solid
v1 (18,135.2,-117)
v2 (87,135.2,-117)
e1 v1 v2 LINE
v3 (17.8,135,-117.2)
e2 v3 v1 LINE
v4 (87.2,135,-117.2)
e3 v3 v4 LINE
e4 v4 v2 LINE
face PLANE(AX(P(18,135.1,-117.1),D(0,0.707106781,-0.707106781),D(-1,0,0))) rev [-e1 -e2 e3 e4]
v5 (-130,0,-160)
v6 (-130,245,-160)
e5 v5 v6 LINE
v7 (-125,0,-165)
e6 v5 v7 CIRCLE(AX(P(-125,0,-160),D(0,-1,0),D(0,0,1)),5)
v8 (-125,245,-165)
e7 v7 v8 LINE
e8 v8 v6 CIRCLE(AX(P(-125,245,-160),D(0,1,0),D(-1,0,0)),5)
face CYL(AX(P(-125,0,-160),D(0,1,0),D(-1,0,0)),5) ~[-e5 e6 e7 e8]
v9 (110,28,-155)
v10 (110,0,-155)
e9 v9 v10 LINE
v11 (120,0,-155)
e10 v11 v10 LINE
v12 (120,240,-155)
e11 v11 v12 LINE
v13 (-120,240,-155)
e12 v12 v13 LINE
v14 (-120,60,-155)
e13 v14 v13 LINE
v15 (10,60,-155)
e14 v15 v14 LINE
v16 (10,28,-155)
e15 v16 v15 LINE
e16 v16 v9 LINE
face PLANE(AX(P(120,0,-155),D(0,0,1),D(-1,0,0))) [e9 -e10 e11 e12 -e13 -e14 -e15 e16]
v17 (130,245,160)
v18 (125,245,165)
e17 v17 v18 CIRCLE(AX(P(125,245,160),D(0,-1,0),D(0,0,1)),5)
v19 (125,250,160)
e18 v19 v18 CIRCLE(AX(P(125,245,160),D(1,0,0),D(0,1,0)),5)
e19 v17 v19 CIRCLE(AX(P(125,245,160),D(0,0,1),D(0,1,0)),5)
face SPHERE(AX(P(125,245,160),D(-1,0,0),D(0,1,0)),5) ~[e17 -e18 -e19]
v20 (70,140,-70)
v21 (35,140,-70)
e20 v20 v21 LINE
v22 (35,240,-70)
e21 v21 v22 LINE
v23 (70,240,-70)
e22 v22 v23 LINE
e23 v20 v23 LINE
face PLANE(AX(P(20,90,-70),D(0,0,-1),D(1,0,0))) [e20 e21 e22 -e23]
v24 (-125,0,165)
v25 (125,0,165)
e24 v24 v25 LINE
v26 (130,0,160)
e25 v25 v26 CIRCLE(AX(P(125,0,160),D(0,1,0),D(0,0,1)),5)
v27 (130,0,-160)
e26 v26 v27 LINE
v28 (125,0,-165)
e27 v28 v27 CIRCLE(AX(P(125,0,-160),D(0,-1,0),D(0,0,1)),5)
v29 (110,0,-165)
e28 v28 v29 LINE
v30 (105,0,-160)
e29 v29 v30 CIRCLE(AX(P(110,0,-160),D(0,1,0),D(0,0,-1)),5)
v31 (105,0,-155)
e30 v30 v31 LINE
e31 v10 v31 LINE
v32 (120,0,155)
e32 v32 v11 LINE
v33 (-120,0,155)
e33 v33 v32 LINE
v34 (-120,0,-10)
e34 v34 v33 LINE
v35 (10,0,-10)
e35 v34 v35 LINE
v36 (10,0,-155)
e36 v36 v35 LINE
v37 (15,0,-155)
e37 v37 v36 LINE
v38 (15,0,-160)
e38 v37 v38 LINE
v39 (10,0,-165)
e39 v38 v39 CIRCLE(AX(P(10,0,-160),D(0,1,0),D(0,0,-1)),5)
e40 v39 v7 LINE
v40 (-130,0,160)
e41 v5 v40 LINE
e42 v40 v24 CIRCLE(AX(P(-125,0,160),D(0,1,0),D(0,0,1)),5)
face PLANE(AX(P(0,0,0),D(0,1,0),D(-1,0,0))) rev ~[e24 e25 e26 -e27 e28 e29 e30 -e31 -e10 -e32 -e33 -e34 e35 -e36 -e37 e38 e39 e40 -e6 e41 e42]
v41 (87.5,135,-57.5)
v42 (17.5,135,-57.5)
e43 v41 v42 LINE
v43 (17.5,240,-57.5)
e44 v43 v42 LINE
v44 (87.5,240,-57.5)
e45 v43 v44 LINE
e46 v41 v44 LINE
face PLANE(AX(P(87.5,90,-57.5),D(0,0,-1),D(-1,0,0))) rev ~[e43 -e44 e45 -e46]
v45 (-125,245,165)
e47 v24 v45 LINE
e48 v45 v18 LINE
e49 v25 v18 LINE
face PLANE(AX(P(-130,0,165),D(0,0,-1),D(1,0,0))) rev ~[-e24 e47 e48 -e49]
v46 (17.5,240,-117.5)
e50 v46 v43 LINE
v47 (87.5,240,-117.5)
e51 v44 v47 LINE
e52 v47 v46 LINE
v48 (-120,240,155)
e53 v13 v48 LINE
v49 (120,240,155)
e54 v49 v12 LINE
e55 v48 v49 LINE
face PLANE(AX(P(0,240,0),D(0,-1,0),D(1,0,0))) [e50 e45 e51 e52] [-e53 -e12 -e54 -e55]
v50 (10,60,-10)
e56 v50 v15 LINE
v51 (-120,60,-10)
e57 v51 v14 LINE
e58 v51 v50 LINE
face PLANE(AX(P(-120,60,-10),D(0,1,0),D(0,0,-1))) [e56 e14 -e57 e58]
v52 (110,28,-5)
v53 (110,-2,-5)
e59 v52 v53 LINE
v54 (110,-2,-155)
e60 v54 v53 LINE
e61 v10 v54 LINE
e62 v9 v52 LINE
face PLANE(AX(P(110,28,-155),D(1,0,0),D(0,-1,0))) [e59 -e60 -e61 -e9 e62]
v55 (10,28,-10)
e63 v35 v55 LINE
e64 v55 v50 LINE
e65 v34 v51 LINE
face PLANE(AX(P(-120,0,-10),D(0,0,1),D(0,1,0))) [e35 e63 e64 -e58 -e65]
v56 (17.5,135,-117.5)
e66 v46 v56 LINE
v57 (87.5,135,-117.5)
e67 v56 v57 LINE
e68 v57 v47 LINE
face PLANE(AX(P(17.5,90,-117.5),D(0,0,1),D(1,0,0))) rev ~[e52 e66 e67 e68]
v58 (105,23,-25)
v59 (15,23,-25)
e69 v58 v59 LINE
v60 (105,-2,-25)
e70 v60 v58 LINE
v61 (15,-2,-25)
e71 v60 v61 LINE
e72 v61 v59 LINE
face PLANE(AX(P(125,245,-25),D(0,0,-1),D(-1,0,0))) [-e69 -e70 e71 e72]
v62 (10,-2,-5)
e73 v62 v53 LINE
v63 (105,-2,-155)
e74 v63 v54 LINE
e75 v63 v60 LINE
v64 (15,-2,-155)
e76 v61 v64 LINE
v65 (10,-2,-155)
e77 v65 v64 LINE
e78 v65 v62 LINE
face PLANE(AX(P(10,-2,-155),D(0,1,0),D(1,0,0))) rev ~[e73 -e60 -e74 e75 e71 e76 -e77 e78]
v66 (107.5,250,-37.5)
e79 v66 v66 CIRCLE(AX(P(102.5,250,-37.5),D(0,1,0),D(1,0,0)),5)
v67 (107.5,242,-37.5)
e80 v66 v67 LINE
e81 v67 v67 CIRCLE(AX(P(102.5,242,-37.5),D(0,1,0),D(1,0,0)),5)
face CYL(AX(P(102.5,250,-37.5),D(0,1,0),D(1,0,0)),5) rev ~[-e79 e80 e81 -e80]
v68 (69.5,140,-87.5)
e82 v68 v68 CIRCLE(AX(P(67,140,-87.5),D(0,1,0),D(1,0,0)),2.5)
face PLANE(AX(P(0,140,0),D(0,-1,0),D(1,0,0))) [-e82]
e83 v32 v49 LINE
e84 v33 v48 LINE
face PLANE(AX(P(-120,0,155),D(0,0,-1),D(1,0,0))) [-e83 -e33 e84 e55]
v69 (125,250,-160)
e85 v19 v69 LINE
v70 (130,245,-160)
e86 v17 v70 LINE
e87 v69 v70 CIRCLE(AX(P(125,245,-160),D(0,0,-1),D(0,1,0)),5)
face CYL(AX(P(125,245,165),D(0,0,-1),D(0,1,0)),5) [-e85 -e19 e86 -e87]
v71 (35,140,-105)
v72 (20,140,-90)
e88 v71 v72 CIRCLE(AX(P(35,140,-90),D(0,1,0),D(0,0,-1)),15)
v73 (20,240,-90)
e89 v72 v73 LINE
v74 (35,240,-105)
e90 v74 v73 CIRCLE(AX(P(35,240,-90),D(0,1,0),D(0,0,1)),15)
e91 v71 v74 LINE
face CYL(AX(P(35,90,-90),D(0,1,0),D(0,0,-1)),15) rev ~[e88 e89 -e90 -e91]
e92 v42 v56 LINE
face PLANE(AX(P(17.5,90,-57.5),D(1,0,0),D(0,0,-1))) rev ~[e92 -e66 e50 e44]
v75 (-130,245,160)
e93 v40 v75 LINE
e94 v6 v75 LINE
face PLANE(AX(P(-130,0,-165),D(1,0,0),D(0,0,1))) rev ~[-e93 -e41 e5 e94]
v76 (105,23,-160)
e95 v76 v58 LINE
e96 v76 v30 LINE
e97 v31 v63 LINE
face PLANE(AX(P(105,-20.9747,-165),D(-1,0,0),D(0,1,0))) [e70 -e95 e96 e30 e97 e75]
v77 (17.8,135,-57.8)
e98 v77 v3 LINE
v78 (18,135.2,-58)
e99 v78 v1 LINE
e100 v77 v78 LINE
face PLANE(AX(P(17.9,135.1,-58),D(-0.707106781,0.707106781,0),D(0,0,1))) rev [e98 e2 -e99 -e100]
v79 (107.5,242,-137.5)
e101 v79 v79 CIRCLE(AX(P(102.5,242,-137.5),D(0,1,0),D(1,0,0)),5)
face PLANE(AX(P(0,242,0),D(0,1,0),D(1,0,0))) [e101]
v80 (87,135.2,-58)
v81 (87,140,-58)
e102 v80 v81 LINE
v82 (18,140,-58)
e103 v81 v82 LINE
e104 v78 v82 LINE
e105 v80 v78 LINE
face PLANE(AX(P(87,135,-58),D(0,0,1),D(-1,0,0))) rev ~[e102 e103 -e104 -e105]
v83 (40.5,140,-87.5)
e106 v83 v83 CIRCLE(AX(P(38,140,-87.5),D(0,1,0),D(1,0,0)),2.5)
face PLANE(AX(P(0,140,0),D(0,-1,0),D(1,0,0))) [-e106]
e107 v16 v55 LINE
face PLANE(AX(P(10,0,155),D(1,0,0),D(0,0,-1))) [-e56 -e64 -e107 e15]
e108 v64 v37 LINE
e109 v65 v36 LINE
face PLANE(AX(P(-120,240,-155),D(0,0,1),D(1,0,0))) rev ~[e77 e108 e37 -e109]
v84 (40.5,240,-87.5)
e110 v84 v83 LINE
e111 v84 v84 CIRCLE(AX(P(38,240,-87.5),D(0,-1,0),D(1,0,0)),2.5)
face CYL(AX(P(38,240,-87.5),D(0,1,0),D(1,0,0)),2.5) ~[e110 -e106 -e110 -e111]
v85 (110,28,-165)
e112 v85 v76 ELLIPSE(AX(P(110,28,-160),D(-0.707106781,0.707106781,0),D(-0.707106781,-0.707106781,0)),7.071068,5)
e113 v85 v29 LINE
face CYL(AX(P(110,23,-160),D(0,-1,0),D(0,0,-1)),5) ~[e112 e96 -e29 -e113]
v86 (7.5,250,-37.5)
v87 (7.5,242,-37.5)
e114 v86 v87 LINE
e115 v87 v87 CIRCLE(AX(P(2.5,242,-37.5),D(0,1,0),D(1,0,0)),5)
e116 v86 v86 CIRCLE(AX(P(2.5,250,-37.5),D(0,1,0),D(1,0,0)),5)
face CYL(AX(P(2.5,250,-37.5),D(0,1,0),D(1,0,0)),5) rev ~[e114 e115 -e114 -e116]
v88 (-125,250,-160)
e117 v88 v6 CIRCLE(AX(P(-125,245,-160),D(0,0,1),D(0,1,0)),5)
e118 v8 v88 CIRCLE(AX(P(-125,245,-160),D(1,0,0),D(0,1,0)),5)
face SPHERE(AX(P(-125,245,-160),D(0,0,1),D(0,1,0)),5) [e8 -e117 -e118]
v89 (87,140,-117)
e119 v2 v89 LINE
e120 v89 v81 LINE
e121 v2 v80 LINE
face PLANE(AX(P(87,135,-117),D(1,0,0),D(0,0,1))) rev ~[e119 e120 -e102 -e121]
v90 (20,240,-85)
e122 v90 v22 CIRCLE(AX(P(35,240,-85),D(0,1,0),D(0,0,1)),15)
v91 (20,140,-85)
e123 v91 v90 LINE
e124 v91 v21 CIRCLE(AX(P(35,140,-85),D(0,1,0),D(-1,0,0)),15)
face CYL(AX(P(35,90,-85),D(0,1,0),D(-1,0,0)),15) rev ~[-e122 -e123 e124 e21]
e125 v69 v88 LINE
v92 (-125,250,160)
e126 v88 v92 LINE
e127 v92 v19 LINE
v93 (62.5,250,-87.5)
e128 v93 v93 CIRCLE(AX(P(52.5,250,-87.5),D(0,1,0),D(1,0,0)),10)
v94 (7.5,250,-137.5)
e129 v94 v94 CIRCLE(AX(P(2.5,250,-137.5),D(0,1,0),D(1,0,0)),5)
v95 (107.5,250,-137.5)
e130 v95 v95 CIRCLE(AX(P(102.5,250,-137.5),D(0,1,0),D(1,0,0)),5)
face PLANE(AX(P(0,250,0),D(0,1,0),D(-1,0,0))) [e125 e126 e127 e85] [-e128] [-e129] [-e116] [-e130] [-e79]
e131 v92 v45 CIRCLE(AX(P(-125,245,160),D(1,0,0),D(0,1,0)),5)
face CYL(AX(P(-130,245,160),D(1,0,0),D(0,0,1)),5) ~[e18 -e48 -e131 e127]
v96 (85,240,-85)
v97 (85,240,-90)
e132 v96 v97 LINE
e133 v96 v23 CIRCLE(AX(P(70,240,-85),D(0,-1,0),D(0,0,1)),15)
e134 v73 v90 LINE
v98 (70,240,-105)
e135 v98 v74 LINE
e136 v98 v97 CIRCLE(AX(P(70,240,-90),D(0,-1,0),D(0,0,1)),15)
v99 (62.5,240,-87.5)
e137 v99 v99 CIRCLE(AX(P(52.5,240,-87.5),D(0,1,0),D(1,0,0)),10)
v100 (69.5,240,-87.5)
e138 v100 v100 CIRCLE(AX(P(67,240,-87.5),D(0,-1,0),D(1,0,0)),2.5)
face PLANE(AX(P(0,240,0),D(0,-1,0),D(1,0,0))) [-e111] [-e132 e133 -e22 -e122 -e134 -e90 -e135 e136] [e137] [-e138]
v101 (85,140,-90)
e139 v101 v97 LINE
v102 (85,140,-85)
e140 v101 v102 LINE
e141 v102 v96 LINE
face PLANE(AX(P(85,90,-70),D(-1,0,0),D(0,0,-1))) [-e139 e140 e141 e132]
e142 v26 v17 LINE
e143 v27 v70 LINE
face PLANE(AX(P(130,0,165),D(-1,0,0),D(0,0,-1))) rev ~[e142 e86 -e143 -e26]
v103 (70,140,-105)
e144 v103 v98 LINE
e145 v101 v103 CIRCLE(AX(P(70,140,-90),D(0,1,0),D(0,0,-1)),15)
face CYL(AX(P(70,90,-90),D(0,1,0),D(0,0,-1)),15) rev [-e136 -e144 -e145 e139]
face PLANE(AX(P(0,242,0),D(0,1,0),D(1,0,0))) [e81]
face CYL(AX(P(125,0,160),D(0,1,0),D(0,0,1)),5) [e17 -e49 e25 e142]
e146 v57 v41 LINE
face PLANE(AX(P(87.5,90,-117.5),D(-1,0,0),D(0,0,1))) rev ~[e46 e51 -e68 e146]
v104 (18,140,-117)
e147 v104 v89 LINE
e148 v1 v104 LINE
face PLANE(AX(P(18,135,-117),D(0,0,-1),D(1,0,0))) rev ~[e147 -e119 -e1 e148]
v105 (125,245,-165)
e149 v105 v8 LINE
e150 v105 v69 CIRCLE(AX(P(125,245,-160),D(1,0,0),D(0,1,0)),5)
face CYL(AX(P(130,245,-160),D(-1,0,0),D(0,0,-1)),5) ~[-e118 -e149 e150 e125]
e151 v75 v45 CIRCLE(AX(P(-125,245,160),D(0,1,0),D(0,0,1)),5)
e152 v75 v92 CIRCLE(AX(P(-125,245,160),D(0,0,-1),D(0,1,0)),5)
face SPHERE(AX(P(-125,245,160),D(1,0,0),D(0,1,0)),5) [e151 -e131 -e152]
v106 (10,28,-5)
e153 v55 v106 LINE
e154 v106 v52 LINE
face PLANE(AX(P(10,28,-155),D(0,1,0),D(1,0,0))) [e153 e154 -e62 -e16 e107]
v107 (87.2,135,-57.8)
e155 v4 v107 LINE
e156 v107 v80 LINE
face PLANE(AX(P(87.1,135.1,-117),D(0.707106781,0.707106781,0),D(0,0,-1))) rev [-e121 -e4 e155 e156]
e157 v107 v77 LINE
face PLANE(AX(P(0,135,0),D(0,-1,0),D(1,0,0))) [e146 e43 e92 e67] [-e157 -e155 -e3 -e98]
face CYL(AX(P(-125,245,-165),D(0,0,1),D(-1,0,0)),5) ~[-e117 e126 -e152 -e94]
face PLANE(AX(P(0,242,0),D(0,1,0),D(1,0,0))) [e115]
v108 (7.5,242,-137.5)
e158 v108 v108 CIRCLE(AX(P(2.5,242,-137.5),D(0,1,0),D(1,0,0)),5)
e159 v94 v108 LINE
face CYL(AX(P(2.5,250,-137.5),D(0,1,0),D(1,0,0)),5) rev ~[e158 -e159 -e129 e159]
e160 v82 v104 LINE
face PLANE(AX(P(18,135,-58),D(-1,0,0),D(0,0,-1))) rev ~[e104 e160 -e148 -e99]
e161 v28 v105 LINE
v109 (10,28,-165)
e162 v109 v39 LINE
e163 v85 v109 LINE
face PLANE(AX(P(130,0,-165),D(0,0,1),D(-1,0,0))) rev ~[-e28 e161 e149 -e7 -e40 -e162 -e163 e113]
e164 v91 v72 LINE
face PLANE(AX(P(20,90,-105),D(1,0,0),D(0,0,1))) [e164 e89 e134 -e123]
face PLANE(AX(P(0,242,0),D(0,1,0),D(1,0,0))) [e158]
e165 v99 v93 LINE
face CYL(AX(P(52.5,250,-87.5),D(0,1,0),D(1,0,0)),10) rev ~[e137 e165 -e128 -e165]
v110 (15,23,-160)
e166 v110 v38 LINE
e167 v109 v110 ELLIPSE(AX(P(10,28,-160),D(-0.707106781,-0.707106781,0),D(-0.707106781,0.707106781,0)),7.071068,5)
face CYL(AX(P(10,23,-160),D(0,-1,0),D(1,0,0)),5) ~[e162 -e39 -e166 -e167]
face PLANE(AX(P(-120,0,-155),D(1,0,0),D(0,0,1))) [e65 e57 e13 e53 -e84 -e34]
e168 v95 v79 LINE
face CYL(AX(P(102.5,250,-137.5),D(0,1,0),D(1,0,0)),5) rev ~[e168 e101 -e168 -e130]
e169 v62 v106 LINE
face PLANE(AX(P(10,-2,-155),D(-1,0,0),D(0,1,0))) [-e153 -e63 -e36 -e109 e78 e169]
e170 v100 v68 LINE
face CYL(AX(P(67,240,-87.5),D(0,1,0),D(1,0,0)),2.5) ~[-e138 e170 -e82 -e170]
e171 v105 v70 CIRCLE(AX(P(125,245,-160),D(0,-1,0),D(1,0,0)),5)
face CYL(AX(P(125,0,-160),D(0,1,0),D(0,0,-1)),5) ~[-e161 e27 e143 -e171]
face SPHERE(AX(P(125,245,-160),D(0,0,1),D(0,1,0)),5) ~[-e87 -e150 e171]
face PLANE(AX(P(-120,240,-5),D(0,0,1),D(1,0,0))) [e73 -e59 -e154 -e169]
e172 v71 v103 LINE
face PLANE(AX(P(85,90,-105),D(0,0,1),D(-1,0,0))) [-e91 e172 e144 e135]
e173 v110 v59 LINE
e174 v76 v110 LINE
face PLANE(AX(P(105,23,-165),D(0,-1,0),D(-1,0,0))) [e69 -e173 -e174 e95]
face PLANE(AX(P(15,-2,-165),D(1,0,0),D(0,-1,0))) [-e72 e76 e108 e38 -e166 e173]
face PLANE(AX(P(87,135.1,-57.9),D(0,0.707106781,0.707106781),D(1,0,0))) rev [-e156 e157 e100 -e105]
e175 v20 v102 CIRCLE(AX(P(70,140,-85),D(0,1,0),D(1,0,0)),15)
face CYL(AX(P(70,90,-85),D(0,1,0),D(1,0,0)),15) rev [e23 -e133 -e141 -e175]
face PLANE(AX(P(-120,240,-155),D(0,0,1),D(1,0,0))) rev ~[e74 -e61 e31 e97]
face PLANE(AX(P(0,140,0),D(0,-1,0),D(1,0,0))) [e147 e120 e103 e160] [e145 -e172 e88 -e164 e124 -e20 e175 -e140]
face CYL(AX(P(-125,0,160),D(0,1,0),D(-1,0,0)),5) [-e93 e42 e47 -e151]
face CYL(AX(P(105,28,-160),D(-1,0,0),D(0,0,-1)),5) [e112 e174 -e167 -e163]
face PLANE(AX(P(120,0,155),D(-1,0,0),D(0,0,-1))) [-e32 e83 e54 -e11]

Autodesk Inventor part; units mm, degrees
ref_plane "YZ Plane" through (0, 0, 0) normal (1, 0, 0) x (0, 1, 0)
ref_plane "XZ Plane" through (0, 0, 0) normal (0, 1, 0) x (-1, 0, 0)
ref_plane "XY Plane" through (0, 0, 0) normal (0, 0, 1) x (1, 0, 0)
sketch "Sketch1" plane through (0, 0, 0) normal (0, 1, 0) x (-1, 0, 0)
  line L0 (130, 165) -> (-130, 165)
  line L1 (-130, 165) -> (-130, -165)
  line L2 (-130, -165) -> (130, -165)
  line L3 (130, -165) -> (130, 165)
  point P0 (0, 0)
  point P1 (0, -165)
  point P2 (-130, 0)
  dimension "d0" = 260
  dimension "d1" = 330
extrude "Extrusion1" add sketch "Sketch1" along normal blind 250
sketch "Sketch2" plane through (0, 0, 0) normal (0, -1, 0) x (1, 0, 0)
  line L0 (-120, 155) -> (120, 155)
  line L1 (120, 155) -> (120, -155)
  line L2 (120, -155) -> (-120, -155)
  line L3 (-120, -155) -> (-120, 155)
  line L4 (-130, 165) -> (130, 165) projected
  line L5 (130, 165) -> (130, -165) projected
  point P0 (0, 0)
  point P1 (0, 155)
  point P2 (-120, 0)
  dimension "d4" = 10
  dimension "d5" = 10
extrude "Extrusion2" cut sketch "Sketch2" against normal blind 240
fillet "Fillet1" radius 5 8 edges at (0, 250, 165) (-130, 250, 0) (130, 250, 0) (0, 250, -165) (130, 125, -165) (130, 125, 165) (-130, 125, 165) (-130, 125, -165)
sketch "Sketch3" plane through (0, 250, 0) normal (0, 1, 0) x (1, 0, 0)
  circle A0 centre (2.5, 37.5) radius 5
  circle A1 centre (2.5, 137.5) radius 5
  circle A2 centre (102.5, 37.5) radius 5
  circle A3 centre (102.5, 137.5) radius 5
  line L0 (125, 160) -> (125, -160) projected
  line L1 (-125, 160) -> (125, 160) projected
  circle A4 centre (52.5, 87.5) radius 10
  point P0 (0, 0)
  dimension "d9" = 10
  dimension "d10" = 10
  dimension "d11" = 10
  dimension "d12" = 10
  dimension "d13" = 100
  dimension "d14" = 100
  dimension "d15" = 22.5
  dimension "d16" = 22.5
  dimension "d19" = 20
  dimension "d20" = 50
  dimension "d21" = 50
extrude "Extrusion3" cut sketch "Sketch3" against normal blind 8
sketch "Sketch4" plane through (52.5, 242, -87.5) normal (0, 1, 0) x (1, 0, 0)
  circle A0 centre (0, 0) radius 10 projected
  circle A1 centre (0, 0) radius 15
  point P0 (-52.5, -87.5)
extrude "Extrusion4" cut sketch "Sketch4" against normal up to next contours A0
sketch "Sketch5" plane through (0, 240, 0) normal (0, -1, 0) x (1, 0, 0)
  line L0 (87.5, -117.5) -> (17.5, -117.5)
  line L1 (17.5, -117.5) -> (17.5, -57.5)
  line L2 (17.5, -57.5) -> (87.5, -57.5)
  line L3 (87.5, -57.5) -> (87.5, -117.5)
  line L4 (120, -155) -> (-120, -155) projected
  circle A0 centre (52.5, -87.5) radius 15
  circle A1 centre (52.5, -87.5) radius 10 projected
  point P0 (0, 0)
  point P1 (17.5, -87.5)
  point P2 (52.5, -57.5)
  point P3 (52.5, -117.5)
  dimension "d24" = 70
  dimension "d25" = 60
  dimension "d52" = 70
extrude "Extrusion5" add sketch "Sketch5" along normal blind 150 contours L0 L1 L2 L3
sketch "Sketch7" plane through (0, 90, 0) normal (0, -1, 0) x (1, 0, 0)
  line L0 (85, -105) -> (20, -105)
  line L1 (20, -105) -> (20, -70)
  line L2 (20, -70) -> (85, -70)
  line L3 (85, -70) -> (85, -105)
  line L4 (17.5, -117.5) -> (87.5, -117.5) projected
  line L5 (17.5, -57.5) -> (17.5, -117.5) projected
  point P0 (0, 0)
  point P1 (52.5, -105)
  point P2 (52.5, -117.5)
  point P3 (52.5, -117.5)
  point P4 (17.5, -87.5)
  point P5 (20, -87.5)
  point P6 (100, -102.5)
  dimension "d28" = 65
  dimension "d29" = 35
extrude "Extrusion6" cut sketch "Sketch7" against normal blind 150
sketch "Sketch8" plane through (0, 240, 0) normal (0, -1, 0) x (1, 0, 0)
  point P0 (0, 0)
sketch "Sketch9" plane through (0, 240, 0) normal (0, -1, 0) x (1, 0, 0)
  circle A0 centre (67, -87.5) radius 2.5
  circle A1 centre (38, -87.5) radius 2.5
  circle A2 centre (52.5, -87.5) radius 10
  circle A3 centre (52.5, -87.5) radius 10 projected
  point P0 (0, 0)
  dimension "d32" = 5
  dimension "d33" = 5
  dimension "d43" = 14.5
  dimension "d44" = 14.5
extrude "Extrusion7" add sketch "Sketch9" along normal up to surface (150 mm away) contours A0 | A1
fillet "Fillet2" radius 15 4 edges at (20, 165, -70) (20, 165, -105) (85, 165, -70) (85, 165, -105)
sketch "Sketch10" plane through (0, 90, 0) normal (0, -1, 0) x (1, 0, 0)
  point P0 (0, 0)
sketch "Sketch11" plane through (0, 90, 0) normal (0, -1, 0) x (1, 0, 0)
  line L0 (18.5, -58.5) -> (86.5, -58.5)
  line L1 (86.5, -58.5) -> (86.5, -116.5)
  line L2 (86.5, -116.5) -> (18.5, -116.5)
  line L3 (18.5, -116.5) -> (18.5, -58.5)
  line L4 (17.5, -57.5) -> (17.5, -117.5) projected
  line L5 (87.5, -117.5) -> (87.5, -57.5) projected
  line L6 (87.5, -57.5) -> (17.5, -57.5) projected
  line L7 (17.5, -117.5) -> (87.5, -117.5) projected
  point P0 (0, 0)
  point P1 (100, -42.5)
  point P2 (100, -102.5)
  dimension "d46" = 1
  dimension "d47" = 1
  dimension "d48" = 1
  dimension "d49" = 1
extrude "Extrusion8" add sketch "Sketch11" along normal blind 5
sketch "Sketch12" plane through (-120, 0, 155) normal (1, 0, 0) x (0, 0, -1)
  line L0 (315, 0) -> (165, 0)
  line L1 (165, 0) -> (165, 60)
  line L2 (165, 60) -> (315, 60)
  line L3 (315, 60) -> (315, 0)
  line L4 (315, 245) -> (315, 0) projected
  point P0 (155, 0)
  dimension "d53" = 150
  dimension "d54" = 60
  dimension "d57" = 0
extrude "Extrusion9" add sketch "Sketch12" along normal blind 130
sketch "Sketch15" plane through (0, 85, 0) normal (0, -1, 0) x (1, 0, 0)
  line L0 (97.9773, -47.1324) -> (13.5699, -47.1324)
  line L1 (13.5699, -47.1324) -> (13.5699, -120.1648)
  line L2 (13.5699, -120.1648) -> (97.9773, -120.1648)
  line L3 (97.9773, -120.1648) -> (97.9773, -47.1324)
  point P0 (0, 0)
extrude "Extrusion11" cut sketch "Sketch15" against normal blind 50
sketch "Sketch17" plane through (0, 135, 0) normal (0, -1, 0) x (1, 0, 0)
  line L0 (87.5, -57.5) -> (87.5, -117.5) projected
  line L1 (87.5, -117.5) -> (17.5, -117.5) projected
  line L2 (87.5, -57.5) -> (17.5, -57.5)
  line L3 (17.5, -57.5) -> (17.5, -117.5)
  line L4 (17.5, -117.5) -> (87.5, -117.5)
  line L5 (87.5, -117.5) -> (87.5, -57.5)
  line L6 (87, -58) -> (18, -58)
  line L7 (18, -58) -> (18, -117)
  line L8 (18, -117) -> (87, -117)
  line L9 (87, -117) -> (87, -58)
  point P0 (0, 0)
  dimension "d70" = 0.5
  dimension "d71" = 0.5
  dimension "d72" = 0.5
  dimension "d73" = 0.5
extrude "Extrusion12" cut sketch "Sketch17" against normal blind 5 contours L9 L8 L7 L6
chamfer "Chamfer2" distance 0.2 angle 45 4 edges at (52.5, 135, -117) (87, 135, -87.5) (52.5, 135, -58) (18, 135, -87.5)
sketch "Sketch18" plane through (-120, 240, -155) normal (0, 0, 1) x (1, 0, 0)
  line L0 (-10.236, -242) -> (249.4607, -242) projected
  line L1 (230, -242) -> (130, -242)
  line L2 (130, -242) -> (130, -212)
  line L3 (130, -212) -> (230, -212)
  line L4 (230, -212) -> (230, -242)
  line L5 (250, 5) -> (250, -240) projected
  line L6 (245, -240) -> (245, 5) projected
  point P0 (120, -240)
  dimension "d79" = 100
  dimension "d80" = 30
  dimension "d91" = 15
extrude "Extrusion13" add sketch "Sketch18" along normal blind 150
sketch "Sketch19" plane through (125, 245, -165) normal (0, 0, -1) x (-1, 0, 0)
  line L0 (115, -247) -> (15, -247) projected
  line L1 (115, -217) -> (115, -247) projected
  line L2 (115, -247) -> (15, -247) projected
  line L3 (15, -247) -> (15, -217) projected
  line L4 (15, -217) -> (115, -217) projected
  line L5 (20, -222) -> (110, -222)
  line L6 (110, -222) -> (110, -265.9747)
  line L7 (110, -265.9747) -> (20, -265.9747)
  line L8 (20, -265.9747) -> (20, -222)
  point P0 (125, -245)
  dimension "d84" = 5
  dimension "d85" = 5
  dimension "d87" = 5
extrude "Extrusion14" cut sketch "Sketch19" against normal blind 140 contours L6 L7 L8 L0 | L0 L8 L5 L6
fillet "Fillet3" radius 5 3 edges at (105, 11.5, -165) (60, 23, -165) (15, 11.5, -165)
properties part number "case" material "Gold"
